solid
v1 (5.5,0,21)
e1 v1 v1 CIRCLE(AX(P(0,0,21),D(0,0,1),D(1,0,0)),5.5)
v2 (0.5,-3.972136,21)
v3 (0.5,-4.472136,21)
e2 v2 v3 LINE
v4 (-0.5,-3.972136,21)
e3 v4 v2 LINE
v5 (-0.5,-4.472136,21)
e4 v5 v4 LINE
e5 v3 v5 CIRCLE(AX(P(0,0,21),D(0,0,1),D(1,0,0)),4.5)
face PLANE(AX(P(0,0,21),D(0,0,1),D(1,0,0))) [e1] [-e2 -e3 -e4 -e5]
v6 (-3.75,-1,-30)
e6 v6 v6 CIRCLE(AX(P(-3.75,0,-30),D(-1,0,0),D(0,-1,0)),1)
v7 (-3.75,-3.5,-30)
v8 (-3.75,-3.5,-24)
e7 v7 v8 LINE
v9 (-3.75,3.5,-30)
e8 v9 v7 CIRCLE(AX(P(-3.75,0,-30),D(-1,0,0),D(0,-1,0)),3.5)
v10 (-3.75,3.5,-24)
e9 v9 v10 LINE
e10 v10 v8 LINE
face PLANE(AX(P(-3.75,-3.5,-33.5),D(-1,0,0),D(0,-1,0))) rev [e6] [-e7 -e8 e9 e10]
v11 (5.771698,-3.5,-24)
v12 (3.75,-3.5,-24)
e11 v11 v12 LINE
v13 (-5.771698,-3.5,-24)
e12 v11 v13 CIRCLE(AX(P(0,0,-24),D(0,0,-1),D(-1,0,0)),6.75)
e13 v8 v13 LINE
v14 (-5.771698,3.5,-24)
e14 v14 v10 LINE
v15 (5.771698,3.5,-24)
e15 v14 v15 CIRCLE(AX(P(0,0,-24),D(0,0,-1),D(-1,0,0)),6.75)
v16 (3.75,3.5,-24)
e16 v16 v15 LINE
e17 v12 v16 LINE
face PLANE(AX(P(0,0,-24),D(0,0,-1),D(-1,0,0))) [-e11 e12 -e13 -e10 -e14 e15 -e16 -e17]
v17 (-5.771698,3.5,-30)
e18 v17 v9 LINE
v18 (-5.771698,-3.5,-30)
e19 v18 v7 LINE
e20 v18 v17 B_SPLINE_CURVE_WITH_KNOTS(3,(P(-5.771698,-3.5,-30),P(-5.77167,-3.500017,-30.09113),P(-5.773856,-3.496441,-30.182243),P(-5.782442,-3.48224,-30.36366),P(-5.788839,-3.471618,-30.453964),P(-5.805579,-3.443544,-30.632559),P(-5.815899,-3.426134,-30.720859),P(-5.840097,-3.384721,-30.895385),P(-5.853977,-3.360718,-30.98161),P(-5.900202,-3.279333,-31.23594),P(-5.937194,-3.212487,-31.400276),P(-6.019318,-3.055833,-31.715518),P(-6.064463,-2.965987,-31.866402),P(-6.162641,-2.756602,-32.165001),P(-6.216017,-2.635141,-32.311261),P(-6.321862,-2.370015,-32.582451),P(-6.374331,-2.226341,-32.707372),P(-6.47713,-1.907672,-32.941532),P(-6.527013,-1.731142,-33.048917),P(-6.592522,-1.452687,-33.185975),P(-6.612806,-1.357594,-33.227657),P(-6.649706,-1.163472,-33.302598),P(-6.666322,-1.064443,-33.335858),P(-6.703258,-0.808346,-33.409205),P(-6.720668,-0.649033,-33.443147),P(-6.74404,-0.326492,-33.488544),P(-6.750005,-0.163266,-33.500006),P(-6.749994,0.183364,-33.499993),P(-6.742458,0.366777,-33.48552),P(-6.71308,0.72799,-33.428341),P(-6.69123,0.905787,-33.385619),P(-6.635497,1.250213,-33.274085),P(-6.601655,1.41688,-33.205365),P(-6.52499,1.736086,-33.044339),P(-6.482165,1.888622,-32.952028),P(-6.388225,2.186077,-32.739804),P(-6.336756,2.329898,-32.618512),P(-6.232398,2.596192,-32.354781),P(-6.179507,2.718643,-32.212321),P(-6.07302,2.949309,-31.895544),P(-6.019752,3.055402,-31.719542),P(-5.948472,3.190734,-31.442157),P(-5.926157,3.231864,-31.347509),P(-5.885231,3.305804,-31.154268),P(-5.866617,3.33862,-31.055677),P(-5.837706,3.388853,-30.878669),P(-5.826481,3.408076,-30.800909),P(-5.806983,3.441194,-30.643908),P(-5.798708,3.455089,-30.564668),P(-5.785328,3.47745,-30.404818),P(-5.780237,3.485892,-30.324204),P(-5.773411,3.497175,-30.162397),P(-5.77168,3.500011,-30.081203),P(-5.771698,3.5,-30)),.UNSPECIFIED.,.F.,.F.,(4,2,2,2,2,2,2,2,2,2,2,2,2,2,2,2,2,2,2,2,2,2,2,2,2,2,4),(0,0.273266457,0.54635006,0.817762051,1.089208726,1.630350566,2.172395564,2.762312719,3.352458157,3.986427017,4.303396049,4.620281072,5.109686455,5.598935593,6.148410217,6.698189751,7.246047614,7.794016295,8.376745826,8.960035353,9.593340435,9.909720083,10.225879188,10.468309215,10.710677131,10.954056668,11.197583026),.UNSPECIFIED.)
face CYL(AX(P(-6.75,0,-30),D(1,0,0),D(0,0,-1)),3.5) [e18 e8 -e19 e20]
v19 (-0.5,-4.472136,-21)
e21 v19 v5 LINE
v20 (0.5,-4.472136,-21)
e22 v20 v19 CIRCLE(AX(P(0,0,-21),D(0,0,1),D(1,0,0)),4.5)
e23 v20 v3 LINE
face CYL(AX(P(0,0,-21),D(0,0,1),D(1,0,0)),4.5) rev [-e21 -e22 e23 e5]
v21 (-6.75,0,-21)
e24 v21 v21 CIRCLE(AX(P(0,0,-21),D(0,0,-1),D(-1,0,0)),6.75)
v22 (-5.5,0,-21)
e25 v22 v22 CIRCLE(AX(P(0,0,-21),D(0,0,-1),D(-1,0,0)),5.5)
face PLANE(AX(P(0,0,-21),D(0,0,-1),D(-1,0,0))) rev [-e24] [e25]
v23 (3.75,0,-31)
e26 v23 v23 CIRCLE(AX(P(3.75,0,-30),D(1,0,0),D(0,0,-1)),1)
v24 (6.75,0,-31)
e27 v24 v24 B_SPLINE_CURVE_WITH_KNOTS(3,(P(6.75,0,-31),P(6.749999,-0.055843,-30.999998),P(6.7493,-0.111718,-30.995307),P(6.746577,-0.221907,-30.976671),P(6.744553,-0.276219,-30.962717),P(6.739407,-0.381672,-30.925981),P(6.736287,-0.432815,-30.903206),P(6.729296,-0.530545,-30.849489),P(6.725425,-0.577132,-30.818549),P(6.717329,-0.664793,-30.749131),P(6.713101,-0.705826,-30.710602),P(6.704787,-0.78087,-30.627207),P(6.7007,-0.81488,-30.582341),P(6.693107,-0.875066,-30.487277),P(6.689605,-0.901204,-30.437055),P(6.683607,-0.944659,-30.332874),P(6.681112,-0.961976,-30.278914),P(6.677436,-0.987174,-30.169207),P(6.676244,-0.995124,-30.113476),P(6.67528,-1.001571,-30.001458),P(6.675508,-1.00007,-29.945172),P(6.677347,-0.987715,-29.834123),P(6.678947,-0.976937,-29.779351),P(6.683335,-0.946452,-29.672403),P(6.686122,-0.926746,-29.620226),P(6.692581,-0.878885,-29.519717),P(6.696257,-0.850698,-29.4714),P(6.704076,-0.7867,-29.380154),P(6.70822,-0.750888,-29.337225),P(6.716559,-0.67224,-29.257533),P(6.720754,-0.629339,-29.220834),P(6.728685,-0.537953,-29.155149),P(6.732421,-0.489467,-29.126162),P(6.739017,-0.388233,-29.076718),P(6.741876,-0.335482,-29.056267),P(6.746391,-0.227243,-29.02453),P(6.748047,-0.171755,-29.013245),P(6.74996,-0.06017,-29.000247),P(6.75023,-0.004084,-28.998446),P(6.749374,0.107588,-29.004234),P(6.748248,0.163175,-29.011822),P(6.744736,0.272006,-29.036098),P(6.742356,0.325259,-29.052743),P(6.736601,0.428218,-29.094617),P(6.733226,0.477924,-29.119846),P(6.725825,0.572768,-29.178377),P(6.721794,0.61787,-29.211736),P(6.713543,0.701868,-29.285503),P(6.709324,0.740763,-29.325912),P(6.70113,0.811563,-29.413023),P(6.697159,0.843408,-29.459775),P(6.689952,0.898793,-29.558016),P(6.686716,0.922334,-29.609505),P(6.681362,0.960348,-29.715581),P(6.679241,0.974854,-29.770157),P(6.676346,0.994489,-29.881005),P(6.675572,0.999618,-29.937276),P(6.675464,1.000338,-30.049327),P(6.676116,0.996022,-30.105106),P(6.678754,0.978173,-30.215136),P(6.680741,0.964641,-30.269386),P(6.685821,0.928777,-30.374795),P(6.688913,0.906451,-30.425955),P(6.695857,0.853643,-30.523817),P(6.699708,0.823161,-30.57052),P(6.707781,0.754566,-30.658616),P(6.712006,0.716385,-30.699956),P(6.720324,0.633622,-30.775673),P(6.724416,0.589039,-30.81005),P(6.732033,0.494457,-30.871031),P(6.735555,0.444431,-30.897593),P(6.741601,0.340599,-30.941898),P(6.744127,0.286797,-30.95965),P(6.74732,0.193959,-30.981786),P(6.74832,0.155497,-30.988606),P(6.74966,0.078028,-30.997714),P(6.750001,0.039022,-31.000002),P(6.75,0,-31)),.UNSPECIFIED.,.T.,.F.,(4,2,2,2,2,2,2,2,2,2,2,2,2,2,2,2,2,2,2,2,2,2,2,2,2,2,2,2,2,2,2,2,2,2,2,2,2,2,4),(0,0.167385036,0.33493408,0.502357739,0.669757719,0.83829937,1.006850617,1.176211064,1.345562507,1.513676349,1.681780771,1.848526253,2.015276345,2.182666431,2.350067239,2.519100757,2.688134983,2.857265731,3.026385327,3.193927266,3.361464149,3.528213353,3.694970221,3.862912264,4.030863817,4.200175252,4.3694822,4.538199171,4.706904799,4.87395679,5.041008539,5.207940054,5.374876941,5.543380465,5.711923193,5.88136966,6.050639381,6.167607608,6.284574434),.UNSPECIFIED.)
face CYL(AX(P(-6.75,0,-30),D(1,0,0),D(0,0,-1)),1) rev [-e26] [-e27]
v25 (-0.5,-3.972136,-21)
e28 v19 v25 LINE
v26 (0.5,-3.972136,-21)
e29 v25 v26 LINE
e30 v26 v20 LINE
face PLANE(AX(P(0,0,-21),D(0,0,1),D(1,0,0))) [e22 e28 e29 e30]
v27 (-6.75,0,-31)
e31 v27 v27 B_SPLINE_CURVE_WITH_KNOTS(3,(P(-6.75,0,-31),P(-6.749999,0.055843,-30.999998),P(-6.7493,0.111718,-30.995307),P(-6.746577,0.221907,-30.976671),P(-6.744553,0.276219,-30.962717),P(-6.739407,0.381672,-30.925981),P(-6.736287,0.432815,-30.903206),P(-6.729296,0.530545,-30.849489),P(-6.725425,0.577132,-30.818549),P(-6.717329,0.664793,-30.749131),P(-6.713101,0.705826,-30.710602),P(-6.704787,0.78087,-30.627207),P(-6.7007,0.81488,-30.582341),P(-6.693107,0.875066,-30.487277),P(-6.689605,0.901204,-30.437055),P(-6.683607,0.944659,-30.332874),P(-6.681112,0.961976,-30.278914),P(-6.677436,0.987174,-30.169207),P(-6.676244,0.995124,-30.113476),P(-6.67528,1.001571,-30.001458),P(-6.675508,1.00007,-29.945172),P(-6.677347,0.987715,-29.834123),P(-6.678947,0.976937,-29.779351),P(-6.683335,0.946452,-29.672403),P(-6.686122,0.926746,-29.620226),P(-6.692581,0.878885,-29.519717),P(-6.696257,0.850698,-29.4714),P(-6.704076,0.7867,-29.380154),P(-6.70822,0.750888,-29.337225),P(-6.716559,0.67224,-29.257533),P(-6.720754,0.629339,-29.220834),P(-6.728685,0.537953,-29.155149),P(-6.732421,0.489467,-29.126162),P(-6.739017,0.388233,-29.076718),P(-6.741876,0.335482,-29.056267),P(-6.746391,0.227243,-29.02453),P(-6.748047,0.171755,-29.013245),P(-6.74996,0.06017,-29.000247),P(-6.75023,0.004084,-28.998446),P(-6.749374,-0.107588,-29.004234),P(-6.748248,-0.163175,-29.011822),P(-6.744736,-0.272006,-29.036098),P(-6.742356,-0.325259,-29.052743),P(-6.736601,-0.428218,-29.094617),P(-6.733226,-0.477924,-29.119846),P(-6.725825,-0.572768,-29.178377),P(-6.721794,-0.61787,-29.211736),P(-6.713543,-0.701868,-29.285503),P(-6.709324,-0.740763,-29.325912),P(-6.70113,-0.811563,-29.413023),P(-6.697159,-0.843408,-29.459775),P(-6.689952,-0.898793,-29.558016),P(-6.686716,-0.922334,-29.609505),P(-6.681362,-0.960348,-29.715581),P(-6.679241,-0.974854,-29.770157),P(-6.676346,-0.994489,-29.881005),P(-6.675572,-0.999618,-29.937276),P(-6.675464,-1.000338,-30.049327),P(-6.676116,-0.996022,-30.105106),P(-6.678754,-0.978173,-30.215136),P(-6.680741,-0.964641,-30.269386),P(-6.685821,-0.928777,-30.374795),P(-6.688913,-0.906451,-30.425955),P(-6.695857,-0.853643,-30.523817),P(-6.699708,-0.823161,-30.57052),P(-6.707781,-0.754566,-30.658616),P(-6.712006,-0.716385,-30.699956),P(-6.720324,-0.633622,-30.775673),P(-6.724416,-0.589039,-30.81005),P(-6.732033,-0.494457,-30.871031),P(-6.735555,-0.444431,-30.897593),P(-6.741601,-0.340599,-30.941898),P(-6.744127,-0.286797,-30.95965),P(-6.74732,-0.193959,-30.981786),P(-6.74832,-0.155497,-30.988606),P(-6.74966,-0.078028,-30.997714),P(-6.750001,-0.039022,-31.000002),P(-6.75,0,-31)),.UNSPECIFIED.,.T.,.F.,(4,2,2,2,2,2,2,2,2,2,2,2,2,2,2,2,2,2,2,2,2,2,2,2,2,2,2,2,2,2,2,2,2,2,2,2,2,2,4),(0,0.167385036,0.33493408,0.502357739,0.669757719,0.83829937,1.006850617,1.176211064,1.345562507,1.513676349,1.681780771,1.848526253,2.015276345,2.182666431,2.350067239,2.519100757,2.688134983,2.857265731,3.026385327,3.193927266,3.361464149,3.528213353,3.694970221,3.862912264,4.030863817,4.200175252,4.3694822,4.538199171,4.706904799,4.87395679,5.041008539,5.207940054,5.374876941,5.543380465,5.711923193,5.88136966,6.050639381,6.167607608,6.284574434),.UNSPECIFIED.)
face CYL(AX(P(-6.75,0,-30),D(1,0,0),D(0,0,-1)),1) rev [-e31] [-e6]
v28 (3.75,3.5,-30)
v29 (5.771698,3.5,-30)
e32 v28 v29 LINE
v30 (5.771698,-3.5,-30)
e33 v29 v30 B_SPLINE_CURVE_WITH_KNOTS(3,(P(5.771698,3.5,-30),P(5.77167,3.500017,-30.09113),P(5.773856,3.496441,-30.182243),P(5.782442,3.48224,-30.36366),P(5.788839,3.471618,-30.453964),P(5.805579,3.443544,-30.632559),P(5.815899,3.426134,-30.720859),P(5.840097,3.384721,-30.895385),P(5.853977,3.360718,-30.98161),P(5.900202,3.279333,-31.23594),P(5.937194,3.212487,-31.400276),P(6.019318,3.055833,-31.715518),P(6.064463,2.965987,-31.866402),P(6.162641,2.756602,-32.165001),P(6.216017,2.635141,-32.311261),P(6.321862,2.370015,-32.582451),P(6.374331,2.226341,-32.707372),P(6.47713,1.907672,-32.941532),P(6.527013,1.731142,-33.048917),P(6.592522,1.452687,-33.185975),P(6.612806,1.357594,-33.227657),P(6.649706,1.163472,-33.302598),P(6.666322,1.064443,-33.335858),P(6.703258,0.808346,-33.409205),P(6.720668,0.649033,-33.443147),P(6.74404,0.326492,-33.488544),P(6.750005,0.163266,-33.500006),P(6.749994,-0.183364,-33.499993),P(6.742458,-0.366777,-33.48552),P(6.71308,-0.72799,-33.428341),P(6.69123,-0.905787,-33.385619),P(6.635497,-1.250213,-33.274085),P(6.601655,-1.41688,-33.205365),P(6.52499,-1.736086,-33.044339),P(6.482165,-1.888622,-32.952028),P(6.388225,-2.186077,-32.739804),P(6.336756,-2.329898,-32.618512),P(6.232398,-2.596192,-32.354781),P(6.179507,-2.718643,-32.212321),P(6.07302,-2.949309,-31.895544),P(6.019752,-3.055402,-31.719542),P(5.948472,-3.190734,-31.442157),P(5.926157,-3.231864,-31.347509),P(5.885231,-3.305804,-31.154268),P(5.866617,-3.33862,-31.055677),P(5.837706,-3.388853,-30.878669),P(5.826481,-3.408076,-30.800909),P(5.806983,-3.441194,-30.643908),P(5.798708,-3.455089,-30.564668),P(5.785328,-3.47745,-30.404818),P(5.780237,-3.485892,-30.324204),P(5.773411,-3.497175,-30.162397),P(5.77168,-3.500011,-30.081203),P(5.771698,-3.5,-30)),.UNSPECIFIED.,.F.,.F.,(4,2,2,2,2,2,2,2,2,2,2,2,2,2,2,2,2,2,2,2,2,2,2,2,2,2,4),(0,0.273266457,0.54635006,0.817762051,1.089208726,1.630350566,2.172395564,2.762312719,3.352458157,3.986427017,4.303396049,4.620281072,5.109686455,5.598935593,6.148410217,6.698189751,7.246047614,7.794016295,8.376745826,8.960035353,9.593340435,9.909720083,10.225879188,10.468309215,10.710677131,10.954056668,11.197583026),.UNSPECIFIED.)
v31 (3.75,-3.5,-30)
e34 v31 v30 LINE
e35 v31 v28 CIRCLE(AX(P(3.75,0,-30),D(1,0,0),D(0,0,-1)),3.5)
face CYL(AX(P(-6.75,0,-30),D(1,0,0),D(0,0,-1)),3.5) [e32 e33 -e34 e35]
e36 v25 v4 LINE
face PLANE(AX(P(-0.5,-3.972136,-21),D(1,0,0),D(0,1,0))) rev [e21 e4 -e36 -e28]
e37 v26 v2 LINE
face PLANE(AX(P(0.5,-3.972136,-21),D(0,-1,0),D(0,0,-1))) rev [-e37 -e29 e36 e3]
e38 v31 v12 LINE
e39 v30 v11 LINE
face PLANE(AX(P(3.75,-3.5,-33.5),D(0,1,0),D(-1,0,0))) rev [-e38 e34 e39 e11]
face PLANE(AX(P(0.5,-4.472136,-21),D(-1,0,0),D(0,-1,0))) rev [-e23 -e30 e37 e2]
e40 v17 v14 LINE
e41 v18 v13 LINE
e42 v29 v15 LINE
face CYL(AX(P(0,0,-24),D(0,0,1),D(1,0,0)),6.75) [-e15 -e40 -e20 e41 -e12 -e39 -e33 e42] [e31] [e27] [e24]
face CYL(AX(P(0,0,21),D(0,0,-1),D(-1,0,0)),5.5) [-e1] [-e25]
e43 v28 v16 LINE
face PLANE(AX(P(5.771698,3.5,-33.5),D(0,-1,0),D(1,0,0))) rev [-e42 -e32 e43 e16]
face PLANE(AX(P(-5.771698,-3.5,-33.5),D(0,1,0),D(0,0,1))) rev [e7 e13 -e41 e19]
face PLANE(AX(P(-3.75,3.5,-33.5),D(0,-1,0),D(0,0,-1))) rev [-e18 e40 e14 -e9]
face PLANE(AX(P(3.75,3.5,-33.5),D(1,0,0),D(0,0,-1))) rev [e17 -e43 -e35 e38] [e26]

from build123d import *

# Parameters (mm, degrees)
SKETCH1_R                = 5.5
YOKE_DEPTH               = 21
SKETCH2_R                = 6.75
U_JOINT_BASE_DEPTH       = 3
U_JOINT_STANDUPS_DEPTH   = 9.5
STANDUP_ROUND_DEPTH      = 7.75
STANDUP_ROUND_DEPTH_BACK = 7.75
SKETCH5_R                = 1
BALL_HOLES_DEPTH         = 7.75
BALL_HOLES_DEPTH_BACK    = 7.75
KEYWAY_DEPTH             = 42


with BuildPart() as part:
    # Sketch1 → Yoke (new body, symmetric)
    with BuildSketch(Plane.XY):
        Circle(SKETCH1_R)
    extrude(amount=YOKE_DEPTH, both=True)

    # Sketch2 → U Joint Base (add)
    with BuildSketch(Plane(origin=(0, 0, -21), x_dir=(-1, 0, 0), z_dir=(0, 0, -1))):
        Circle(SKETCH2_R)
    extrude(amount=U_JOINT_BASE_DEPTH)

    # Sketch3 → U Joint Standups (add)
    with BuildSketch(Plane(origin=(0, 0, -24), x_dir=(-1, 0, 0), z_dir=(0, 0, -1))):
        with BuildLine():
            Line((-5.771698, 3.5), (-3.75, 3.5))
            Line((-3.75, 3.5), (-3.75, -3.5))
            Line((-3.75, -3.5), (-5.771698, -3.5))
            ThreePointArc((-5.771698, -3.5), (-6.75, 0), (-5.771698, 3.5))
        make_face()
        with BuildLine():
            Line((3.75, -3.5), (3.75, 3.5))
            Line((3.75, 3.5), (5.771698, 3.5))
            ThreePointArc((5.771698, 3.5), (6.75, 0), (5.771698, -3.5))
            Line((5.771698, -3.5), (3.75, -3.5))
        make_face()
    extrude(amount=U_JOINT_STANDUPS_DEPTH)

    # Sketch4 → Standup Round (cut, two sides)
    with BuildSketch(Plane(origin=(0, 0, 0), x_dir=(0, 0, -1), z_dir=(1, 0, 0))) as standup_round_sk:
        with BuildLine():
            ThreePointArc((30, -3.5), (32.474874, -2.474874), (33.5, 0))
            Line((33.5, 0), (33.5, -3.5))
            Line((33.5, -3.5), (30, -3.5))
        make_face()
        with BuildLine():
            ThreePointArc((33.5, 0), (32.474874, 2.474874), (30, 3.5))
            Line((30, 3.5), (33.5, 3.5))
            Line((33.5, 3.5), (33.5, 0))
        make_face()
    extrude(amount=STANDUP_ROUND_DEPTH, mode=Mode.SUBTRACT)
    extrude(standup_round_sk.sketch, amount=-STANDUP_ROUND_DEPTH_BACK, mode=Mode.SUBTRACT)

    # Sketch5 → Ball Holes (cut, two sides)
    with BuildSketch(Plane(origin=(0, 0, 0), x_dir=(0, 0, -1), z_dir=(1, 0, 0))) as ball_holes_sk:
        with Locations((30, 0)):
            Circle(SKETCH5_R)
    extrude(amount=BALL_HOLES_DEPTH, mode=Mode.SUBTRACT)
    extrude(ball_holes_sk.sketch, amount=-BALL_HOLES_DEPTH_BACK, mode=Mode.SUBTRACT)

    # Sketch6 → Keyway (cut)
    with BuildSketch(Plane.XY.offset(21)):
        with BuildLine():
            Line((0.5, -4.472136), (0.5, -3.972136))
            Line((0.5, -3.972136), (-0.5, -3.972136))
            Line((-0.5, -3.972136), (-0.5, -4.472136))
            ThreePointArc((-0.5, -4.472136), (0, 4.5), (0.5, -4.472136))
        make_face()
    extrude(amount=-KEYWAY_DEPTH, mode=Mode.SUBTRACT)


solid = part.part
